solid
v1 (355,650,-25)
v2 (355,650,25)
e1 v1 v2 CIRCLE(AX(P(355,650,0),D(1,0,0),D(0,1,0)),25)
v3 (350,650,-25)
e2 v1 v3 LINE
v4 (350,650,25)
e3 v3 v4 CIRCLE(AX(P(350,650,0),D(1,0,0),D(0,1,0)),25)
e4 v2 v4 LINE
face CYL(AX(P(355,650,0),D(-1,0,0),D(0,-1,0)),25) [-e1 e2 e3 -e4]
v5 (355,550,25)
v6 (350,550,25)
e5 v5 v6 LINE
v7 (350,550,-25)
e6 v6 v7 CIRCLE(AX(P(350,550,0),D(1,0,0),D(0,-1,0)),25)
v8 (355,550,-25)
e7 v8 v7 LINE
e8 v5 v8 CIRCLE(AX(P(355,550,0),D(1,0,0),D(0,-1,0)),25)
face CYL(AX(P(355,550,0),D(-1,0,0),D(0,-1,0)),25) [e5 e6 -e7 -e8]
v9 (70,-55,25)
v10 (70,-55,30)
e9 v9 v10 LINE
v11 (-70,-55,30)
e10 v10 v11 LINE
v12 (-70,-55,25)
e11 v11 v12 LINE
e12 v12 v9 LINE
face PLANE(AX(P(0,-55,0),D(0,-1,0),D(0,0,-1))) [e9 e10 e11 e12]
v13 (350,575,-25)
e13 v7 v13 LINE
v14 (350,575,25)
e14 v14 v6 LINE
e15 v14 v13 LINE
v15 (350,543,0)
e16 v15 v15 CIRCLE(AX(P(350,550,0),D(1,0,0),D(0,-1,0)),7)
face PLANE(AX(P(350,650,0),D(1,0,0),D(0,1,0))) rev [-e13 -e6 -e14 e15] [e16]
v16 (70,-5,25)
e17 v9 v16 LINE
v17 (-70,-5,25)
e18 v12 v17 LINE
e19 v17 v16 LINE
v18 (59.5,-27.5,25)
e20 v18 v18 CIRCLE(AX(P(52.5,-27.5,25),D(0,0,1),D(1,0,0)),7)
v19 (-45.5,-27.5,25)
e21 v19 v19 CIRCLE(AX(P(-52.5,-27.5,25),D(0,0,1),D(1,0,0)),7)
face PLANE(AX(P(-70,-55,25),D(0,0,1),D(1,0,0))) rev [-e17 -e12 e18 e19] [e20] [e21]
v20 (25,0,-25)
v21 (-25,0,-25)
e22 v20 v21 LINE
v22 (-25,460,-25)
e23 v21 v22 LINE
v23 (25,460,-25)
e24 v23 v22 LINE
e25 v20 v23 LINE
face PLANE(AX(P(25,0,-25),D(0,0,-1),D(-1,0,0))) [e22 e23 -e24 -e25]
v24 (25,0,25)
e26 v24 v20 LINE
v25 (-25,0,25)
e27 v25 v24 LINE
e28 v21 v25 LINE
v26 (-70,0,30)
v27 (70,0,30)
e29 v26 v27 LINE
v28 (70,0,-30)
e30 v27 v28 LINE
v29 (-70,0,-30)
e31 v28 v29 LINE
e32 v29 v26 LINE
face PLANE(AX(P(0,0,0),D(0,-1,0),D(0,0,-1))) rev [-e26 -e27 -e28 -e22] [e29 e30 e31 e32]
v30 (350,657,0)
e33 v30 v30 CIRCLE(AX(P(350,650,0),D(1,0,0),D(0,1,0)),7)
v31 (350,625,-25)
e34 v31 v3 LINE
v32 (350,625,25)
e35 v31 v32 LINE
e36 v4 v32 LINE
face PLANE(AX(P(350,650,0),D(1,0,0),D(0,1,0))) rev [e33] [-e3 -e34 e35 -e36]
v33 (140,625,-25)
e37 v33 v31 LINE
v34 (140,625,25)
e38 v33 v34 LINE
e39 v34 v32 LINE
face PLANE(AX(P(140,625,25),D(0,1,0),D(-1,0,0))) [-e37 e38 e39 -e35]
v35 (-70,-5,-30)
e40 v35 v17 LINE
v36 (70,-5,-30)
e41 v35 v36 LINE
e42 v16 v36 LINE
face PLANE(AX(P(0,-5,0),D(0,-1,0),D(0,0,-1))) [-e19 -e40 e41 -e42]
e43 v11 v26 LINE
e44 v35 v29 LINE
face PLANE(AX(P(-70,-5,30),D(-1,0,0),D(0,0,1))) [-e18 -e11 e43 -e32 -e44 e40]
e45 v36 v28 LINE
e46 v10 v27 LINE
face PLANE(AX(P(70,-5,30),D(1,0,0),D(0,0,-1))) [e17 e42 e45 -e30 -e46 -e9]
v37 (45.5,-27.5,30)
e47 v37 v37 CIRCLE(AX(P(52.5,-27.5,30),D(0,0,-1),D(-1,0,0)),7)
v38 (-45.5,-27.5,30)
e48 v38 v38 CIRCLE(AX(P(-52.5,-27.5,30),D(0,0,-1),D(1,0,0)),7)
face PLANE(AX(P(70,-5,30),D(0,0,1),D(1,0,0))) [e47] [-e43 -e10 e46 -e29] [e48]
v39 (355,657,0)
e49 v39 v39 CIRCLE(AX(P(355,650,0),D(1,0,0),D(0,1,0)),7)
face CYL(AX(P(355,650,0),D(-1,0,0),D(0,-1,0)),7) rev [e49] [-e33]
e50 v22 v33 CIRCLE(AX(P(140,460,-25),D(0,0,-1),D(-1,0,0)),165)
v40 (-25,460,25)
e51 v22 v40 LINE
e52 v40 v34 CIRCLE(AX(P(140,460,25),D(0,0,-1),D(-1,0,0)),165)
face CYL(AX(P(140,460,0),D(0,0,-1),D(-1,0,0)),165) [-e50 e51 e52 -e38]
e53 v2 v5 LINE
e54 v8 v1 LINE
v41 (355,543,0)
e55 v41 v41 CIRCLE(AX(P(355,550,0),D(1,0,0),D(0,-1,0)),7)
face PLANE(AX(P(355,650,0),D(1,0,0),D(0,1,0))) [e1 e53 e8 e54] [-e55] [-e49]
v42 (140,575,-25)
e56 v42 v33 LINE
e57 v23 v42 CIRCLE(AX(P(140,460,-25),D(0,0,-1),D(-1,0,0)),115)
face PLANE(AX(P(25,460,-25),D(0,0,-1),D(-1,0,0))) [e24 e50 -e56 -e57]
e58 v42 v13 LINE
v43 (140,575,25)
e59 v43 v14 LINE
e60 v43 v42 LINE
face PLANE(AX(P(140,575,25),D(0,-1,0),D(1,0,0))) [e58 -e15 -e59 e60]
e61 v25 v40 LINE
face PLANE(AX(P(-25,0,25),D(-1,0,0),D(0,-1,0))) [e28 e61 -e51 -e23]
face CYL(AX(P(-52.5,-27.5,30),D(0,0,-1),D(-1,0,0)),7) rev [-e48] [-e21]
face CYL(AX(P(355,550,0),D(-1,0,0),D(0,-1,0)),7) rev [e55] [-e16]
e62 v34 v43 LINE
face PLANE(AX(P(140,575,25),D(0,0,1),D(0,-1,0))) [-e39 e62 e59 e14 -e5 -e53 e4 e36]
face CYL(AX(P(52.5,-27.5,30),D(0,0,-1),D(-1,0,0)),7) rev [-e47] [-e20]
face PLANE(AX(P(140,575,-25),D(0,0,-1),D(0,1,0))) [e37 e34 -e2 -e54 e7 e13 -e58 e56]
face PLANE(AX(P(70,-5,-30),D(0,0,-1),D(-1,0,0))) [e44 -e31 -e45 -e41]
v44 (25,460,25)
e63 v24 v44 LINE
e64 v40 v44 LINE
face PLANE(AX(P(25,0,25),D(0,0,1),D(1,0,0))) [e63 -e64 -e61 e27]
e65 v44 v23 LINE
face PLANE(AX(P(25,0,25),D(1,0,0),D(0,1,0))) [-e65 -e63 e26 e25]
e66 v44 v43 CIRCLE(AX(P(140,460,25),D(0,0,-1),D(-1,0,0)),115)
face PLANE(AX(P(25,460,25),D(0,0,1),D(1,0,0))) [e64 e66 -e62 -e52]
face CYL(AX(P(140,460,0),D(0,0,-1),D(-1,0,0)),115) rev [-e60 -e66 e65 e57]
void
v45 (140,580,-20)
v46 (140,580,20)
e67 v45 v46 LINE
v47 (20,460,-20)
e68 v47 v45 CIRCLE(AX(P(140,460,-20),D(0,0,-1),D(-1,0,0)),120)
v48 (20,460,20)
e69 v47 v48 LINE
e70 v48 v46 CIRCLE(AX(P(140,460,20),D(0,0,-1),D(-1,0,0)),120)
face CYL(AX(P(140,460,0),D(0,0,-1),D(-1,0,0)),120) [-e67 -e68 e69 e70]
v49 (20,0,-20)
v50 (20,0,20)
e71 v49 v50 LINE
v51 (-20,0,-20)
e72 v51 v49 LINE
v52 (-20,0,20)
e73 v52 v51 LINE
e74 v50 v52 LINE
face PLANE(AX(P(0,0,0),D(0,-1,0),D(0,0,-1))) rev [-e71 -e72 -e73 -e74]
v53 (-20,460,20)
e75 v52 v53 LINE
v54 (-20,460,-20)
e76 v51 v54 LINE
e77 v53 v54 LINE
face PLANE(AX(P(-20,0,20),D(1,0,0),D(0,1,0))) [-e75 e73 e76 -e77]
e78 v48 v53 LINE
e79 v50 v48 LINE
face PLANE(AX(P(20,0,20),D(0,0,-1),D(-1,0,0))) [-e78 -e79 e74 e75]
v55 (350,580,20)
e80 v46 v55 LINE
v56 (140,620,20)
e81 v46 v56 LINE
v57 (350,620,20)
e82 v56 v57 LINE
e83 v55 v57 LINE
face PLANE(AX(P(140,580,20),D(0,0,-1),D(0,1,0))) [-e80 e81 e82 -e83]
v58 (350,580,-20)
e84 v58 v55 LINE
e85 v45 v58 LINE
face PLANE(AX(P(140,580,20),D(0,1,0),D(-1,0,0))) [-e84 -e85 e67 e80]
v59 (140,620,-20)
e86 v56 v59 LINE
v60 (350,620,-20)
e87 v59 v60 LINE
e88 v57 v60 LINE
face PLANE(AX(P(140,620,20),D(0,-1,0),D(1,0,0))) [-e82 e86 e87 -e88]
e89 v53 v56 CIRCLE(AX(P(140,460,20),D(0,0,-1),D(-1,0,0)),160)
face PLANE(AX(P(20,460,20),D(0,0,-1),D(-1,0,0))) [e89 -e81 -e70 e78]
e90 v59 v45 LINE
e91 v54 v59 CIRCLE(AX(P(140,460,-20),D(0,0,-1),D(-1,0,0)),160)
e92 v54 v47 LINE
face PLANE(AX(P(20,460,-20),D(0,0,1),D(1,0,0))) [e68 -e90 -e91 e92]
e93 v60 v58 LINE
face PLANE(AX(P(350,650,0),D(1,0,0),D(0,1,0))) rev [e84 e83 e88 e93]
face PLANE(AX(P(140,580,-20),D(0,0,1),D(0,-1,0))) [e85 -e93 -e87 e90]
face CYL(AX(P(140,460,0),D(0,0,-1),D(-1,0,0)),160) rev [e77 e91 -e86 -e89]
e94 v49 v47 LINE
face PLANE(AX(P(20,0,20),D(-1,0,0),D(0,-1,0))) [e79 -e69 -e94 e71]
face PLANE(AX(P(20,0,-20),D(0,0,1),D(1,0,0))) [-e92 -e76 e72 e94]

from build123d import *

# Parameters (mm, degrees)
SKETCH2_W           = 140
SKETCH2_H           = 60
BOSS_EXTRUDE2_DEPTH = 5
SKETCH3_W           = 140
SKETCH3_H           = 5
BOSS_EXTRUDE3_DEPTH = 50
SKETCH4_R           = 7
CUT_EXTRUDE1_DEPTH  = 108.354552768
SKETCH6_W           = 50
SKETCH6_H           = 50
SKETCH6_W_2         = 40
SKETCH6_H_2         = 40
SKETCH7_R           = 7
BOSS_EXTRUDE4_DEPTH = 5
SKETCH8_W           = 140
SKETCH8_H           = 50
CUT_EXTRUDE2_DEPTH  = 5


with BuildPart() as part:
    # Sketch2 → Boss-Extrude2 (new body)
    with BuildSketch(Plane(origin=(0, 0, 0), x_dir=(1, 0, 0), z_dir=(0, 1, 0))):
        Rectangle(SKETCH2_W, SKETCH2_H)
    extrude(amount=-BOSS_EXTRUDE2_DEPTH)

    # Sketch3 → Boss-Extrude3 (add)
    with BuildSketch(Plane.XZ.offset(5)):
        with Locations((0, -27.5)):
            Rectangle(SKETCH3_W, SKETCH3_H)
        with Locations((0, 27.5)):
            Rectangle(SKETCH3_W, SKETCH3_H)
    extrude(amount=BOSS_EXTRUDE3_DEPTH)

    # Sketch4 → Cut-Extrude1 (cut, through all)
    with BuildSketch(Plane(origin=(0, 0, -30), x_dir=(-1, 0, 0), z_dir=(0, 0, -1))):
        with Locations((-52.5, -27.5)):
            Circle(SKETCH4_R)
        with Locations((52.5, -27.5)):
            Circle(SKETCH4_R)
    extrude(amount=-CUT_EXTRUDE1_DEPTH, mode=Mode.SUBTRACT)

    # Sweep1: sweep along a path in Sketch5
    with BuildLine(Plane.XY) as sweep1_path:
        Line((0, 0), (0, 460))
        ThreePointArc((0, 460), (41.005050634, 558.994949366), (140, 600))
        Line((140, 600), (350, 600))
    # Sketch6 → Sweep1 (sweep)
    with BuildSketch(Plane(origin=(0, 0, 0), x_dir=(1, 0, 0), z_dir=(0, 1, 0))):
        Rectangle(SKETCH6_W, SKETCH6_H)
        Rectangle(SKETCH6_W_2, SKETCH6_H_2, mode=Mode.SUBTRACT)
    sweep(path=sweep1_path.line)

    # Sketch7 → Boss-Extrude4 (add)
    with BuildSketch(Plane(origin=(350, 0, 0), x_dir=(0, 0, -1), z_dir=(1, 0, 0))):
        with BuildLine():
            Line((-25, 550), (-25, 650))
            ThreePointArc((-25, 650), (0, 675), (25, 650))
            Line((25, 650), (25, 550))
            ThreePointArc((25, 550), (0, 525), (-25, 550))
        make_face()
        with Locations(Location((0, 650, 0), (0, 0, 90))):
            Circle(SKETCH7_R, mode=Mode.SUBTRACT)
        with Locations(Location((0, 550, 0), (0, 0, 270))):
            Circle(SKETCH7_R, mode=Mode.SUBTRACT)
    extrude(amount=BOSS_EXTRUDE4_DEPTH)

    # Sketch8 → Cut-Extrude2 (cut)
    with BuildSketch(Plane(origin=(0, 0, -30), x_dir=(-1, 0, 0), z_dir=(0, 0, -1))):
        with Locations((0, -30)):
            Rectangle(SKETCH8_W, SKETCH8_H)
    extrude(amount=-CUT_EXTRUDE2_DEPTH, mode=Mode.SUBTRACT)


solid = part.part
